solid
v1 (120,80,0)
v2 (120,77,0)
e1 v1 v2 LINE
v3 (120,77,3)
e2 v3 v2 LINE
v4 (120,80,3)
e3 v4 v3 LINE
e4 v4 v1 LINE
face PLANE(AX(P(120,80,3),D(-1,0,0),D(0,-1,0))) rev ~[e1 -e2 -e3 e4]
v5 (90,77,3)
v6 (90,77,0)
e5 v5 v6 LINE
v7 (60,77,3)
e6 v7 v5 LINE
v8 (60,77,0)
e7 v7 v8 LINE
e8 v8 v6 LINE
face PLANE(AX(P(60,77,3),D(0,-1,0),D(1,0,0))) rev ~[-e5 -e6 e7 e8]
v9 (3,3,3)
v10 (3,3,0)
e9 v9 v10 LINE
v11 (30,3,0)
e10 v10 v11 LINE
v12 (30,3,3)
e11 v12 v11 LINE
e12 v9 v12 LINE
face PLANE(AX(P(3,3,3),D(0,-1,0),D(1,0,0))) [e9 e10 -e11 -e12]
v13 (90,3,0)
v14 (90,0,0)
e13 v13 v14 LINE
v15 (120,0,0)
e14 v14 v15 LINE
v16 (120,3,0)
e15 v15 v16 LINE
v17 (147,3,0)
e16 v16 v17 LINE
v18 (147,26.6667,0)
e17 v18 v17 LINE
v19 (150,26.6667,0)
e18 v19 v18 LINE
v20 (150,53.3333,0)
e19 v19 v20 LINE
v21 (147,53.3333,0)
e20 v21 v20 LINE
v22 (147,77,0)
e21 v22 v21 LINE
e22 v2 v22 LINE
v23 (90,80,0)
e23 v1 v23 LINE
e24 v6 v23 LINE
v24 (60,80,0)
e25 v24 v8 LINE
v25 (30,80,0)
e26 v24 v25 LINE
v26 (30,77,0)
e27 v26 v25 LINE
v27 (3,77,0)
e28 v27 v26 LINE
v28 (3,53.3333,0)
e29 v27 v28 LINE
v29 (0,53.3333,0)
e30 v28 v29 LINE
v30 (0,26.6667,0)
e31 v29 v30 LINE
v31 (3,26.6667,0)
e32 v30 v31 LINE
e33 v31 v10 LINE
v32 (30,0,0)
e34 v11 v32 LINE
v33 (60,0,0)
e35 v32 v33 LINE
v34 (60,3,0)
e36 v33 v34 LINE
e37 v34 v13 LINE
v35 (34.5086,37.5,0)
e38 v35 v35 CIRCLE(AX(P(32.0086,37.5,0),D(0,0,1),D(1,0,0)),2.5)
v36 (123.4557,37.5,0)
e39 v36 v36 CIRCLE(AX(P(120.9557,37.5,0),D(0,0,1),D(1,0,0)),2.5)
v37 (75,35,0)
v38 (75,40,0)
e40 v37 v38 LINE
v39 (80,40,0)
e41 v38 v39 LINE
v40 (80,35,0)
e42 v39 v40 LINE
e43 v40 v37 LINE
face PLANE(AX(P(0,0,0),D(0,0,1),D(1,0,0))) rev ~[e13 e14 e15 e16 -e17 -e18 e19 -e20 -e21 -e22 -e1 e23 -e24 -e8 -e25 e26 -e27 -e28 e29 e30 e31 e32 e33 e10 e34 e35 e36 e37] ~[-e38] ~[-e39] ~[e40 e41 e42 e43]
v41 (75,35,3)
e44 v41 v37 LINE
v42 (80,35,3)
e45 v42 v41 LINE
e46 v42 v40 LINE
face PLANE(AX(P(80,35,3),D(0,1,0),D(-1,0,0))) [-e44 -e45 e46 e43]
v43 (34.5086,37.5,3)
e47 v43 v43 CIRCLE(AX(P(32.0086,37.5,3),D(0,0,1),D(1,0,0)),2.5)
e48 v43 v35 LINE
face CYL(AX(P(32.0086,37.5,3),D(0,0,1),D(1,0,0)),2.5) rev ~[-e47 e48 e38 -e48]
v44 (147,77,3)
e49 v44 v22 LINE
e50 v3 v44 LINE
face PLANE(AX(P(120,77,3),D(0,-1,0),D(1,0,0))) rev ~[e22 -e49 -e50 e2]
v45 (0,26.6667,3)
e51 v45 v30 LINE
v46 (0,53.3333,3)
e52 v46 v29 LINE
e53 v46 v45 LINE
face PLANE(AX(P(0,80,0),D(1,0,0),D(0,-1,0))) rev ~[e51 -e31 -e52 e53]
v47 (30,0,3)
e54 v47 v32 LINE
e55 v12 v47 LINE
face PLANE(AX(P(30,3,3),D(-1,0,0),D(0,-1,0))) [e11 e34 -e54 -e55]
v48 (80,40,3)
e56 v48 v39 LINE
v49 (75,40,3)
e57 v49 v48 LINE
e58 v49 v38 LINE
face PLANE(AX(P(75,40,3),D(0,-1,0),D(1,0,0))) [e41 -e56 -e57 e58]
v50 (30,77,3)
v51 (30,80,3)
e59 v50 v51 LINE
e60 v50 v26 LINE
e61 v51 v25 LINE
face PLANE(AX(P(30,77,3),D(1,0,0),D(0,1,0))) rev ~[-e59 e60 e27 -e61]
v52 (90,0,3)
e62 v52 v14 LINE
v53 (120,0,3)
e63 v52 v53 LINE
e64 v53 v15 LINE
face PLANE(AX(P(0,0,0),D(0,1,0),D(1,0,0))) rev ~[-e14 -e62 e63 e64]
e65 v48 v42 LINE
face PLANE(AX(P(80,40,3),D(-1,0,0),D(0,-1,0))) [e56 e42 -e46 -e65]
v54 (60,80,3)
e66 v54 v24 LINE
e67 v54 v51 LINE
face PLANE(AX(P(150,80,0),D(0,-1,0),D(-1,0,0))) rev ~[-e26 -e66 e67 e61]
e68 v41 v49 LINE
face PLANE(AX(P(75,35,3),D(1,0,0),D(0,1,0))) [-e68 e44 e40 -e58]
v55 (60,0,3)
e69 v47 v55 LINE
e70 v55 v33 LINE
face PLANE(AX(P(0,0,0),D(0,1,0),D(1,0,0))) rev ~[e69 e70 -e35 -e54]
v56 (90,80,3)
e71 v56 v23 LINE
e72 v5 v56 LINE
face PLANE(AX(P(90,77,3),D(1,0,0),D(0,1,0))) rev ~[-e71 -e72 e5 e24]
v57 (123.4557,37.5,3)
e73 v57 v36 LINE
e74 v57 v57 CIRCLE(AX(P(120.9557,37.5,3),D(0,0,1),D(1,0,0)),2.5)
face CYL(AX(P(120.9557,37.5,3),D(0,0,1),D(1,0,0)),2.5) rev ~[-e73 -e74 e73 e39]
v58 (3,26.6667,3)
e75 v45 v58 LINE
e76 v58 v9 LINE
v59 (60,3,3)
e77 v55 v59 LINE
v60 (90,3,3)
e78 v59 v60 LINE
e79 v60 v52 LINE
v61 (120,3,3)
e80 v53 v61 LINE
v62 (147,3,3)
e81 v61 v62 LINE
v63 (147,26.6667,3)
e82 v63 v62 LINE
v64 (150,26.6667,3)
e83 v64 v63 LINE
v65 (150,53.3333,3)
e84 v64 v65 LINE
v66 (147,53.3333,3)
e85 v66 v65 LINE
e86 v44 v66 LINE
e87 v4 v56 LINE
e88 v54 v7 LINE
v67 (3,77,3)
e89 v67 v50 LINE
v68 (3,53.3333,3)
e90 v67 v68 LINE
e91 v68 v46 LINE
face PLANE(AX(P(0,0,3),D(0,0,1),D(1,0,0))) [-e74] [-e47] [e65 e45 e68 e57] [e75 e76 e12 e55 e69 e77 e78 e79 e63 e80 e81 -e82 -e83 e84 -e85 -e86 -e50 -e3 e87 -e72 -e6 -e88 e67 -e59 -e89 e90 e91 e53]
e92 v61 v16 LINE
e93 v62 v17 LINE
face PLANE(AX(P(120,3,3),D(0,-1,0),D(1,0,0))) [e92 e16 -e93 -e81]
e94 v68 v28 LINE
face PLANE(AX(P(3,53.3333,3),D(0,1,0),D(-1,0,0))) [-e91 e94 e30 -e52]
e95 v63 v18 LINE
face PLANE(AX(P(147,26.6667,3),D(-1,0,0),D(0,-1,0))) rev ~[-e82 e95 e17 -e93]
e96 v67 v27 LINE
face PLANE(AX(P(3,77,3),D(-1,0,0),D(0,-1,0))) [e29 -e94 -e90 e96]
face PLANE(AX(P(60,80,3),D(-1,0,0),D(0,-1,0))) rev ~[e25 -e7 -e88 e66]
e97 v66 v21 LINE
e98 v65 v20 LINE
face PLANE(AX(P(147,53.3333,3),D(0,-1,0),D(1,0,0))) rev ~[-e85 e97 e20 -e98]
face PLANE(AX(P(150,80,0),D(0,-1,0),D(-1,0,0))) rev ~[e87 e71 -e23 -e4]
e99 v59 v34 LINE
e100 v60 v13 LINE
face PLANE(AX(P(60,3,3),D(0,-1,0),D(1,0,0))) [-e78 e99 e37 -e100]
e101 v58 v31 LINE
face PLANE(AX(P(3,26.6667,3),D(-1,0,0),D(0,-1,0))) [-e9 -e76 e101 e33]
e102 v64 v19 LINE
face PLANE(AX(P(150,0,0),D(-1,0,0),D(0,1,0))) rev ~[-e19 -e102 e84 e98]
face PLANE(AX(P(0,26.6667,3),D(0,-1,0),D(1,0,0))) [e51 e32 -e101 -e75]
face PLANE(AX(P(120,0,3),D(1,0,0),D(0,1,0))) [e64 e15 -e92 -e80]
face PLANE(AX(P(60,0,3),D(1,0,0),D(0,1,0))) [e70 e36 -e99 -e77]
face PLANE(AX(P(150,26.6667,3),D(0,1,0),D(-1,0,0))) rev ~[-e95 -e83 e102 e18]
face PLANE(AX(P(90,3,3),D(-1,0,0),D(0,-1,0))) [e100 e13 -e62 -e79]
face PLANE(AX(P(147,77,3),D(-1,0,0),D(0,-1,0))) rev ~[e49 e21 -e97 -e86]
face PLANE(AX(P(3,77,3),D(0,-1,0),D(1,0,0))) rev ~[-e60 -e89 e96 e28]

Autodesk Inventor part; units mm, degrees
ref_plane "YZ Plane" through (0, 0, 0) normal (1, 0, 0) x (0, 1, 0)
ref_plane "XZ Plane" through (0, 0, 0) normal (0, 1, 0) x (-1, 0, 0)
ref_plane "XY Plane" through (0, 0, 0) normal (0, 0, 1) x (1, 0, 0)
sketch "Sketch1" plane through (0, 0, 0) normal (0, 0, 1) x (1, 0, 0)
  line L0 (0, 0) -> (150, 0)
  line L1 (150, 0) -> (150, 80)
  line L2 (150, 80) -> (0, 80)
  line L3 (0, 80) -> (0, 0)
  dimension "d0" = 150
  dimension "d1" = 80
extrude "Extrusion1" add sketch "Sketch1" along normal blind 3
sketch "Sketch2" plane through (0, 0, 3) normal (0, 0, 1) x (1, 0, 0)
  line L0 (0, 80) -> (0, 0)
  line L1 (150, 0) -> (150, 80)
  line L2 (3, 80) -> (3, 53.3333)
  line L3 (3, 53.3333) -> (0, 53.3333)
  line L4 (0, 53.3333) -> (0, 26.6667)
  line L5 (0, 26.6667) -> (3, 26.6667)
  line L6 (3, 26.6667) -> (3, 0)
  line L7 (0, 80) -> (0, 53.3333)
  line L8 (0, 26.6667) -> (0, 0)
  line L9 (147, 80) -> (147, 53.3333)
  line L10 (147, 53.3333) -> (150, 53.3333)
  line L11 (150, 53.3333) -> (150, 26.6667)
  line L12 (150, 26.6667) -> (147, 26.6667)
  line L13 (147, 26.6667) -> (147, 0)
  line L14 (150, 0) -> (150, 26.6667)
  line L15 (150, 53.3333) -> (150, 80)
  line L16 (0, 26.6667) -> (0, 0)
  line L17 (0, 0) -> (0, 3)
  line L18 (0, 3) -> (30, 3)
  line L19 (30, 3) -> (30, 0)
  line L20 (30, 0) -> (60, 0)
  line L21 (0, 0) -> (150, 0)
  line L22 (60, 0) -> (60, 3)
  line L23 (60, 3) -> (90, 3)
  line L24 (90, 3) -> (90, 0)
  line L25 (90, 0) -> (120, 0)
  line L26 (120, 0) -> (120, 3)
  line L27 (120, 3) -> (150, 3)
  line L28 (0, 80) -> (0, 77)
  line L29 (0, 77) -> (30, 77)
  line L30 (30, 77) -> (30, 80)
  line L31 (60, 80) -> (60, 77)
  line L32 (30, 80) -> (60, 80)
  line L33 (0, 80) -> (150, 80)
  line L34 (60, 77) -> (90, 77)
  line L35 (90, 77) -> (90, 80)
  line L36 (120, 80) -> (120, 77)
  line L37 (120, 77) -> (150, 77)
  line L38 (90, 80) -> (120, 80)
  line L39 (0, 0) -> (30, 0)
  line L40 (0, 0) -> (150, 0) projected
  line L41 (120, 0) -> (150, 0)
  line L42 (150, 0) -> (150, 80) projected
  line L43 (150, 80) -> (120, 80)
  line L44 (150, 80) -> (0, 80) projected
  line L45 (30, 80) -> (0, 80)
  dimension "d4" = 3
  dimension "d5" = 26.6667
  dimension "d6" = 26.6667
  dimension "d7" = 3
  dimension "d8" = 26.6667
  dimension "d9" = 26.6667
  dimension "d10" = 3
  dimension "d11" = 30
  dimension "d12" = 30
  dimension "d13" = 30
  dimension "d14" = 30
extrude "Extrusion2" cut sketch "Sketch2" against normal blind 3 contours L33 L2 L29 L0 | L29 L2 L3 L0 | L33 L30 L29 L2 | L5 L6 L18 L0 | L33 L35 L34 L31 | L18 L6 L21 L0 | L18 L19 L21 L6 | L33 L9 L37 L36 | L33 L1 L37 L9 | L37 L1 L10 L9 | L22 L23 L24 L21 | L26 L27 L13 L21 | L1 L27 L13 L12 | L13 L27 L1 L21
sketch "Sketch3" plane through (0, 0, 3) normal (0, 0, 1) x (1, 0, 0)
  line L0 (60, 77) -> (90, 77) projected
  line L1 (90, 3) -> (60, 3) projected
  line L2 (0, 53.3333) -> (0, 26.6667) projected
  line L3 (150, 26.6667) -> (150, 53.3333) projected
  line L4 (80, 40) -> (80, 35)
  line L5 (80, 35) -> (75, 35)
  line L6 (75, 35) -> (75, 40)
  line L7 (75, 40) -> (80, 40)
  circle A0 centre (32.0086, 37.5) radius 2.5
  circle A1 centre (120.9557, 37.5) radius 2.5
  point P0 (0, 0)
  dimension "d22" = 5
  dimension "d23" = 5
  dimension "d24" = 5
  dimension "d25" = 5
extrude "Extrusion3" cut sketch "Sketch3" against normal blind 3
properties part number "TAPA4"
